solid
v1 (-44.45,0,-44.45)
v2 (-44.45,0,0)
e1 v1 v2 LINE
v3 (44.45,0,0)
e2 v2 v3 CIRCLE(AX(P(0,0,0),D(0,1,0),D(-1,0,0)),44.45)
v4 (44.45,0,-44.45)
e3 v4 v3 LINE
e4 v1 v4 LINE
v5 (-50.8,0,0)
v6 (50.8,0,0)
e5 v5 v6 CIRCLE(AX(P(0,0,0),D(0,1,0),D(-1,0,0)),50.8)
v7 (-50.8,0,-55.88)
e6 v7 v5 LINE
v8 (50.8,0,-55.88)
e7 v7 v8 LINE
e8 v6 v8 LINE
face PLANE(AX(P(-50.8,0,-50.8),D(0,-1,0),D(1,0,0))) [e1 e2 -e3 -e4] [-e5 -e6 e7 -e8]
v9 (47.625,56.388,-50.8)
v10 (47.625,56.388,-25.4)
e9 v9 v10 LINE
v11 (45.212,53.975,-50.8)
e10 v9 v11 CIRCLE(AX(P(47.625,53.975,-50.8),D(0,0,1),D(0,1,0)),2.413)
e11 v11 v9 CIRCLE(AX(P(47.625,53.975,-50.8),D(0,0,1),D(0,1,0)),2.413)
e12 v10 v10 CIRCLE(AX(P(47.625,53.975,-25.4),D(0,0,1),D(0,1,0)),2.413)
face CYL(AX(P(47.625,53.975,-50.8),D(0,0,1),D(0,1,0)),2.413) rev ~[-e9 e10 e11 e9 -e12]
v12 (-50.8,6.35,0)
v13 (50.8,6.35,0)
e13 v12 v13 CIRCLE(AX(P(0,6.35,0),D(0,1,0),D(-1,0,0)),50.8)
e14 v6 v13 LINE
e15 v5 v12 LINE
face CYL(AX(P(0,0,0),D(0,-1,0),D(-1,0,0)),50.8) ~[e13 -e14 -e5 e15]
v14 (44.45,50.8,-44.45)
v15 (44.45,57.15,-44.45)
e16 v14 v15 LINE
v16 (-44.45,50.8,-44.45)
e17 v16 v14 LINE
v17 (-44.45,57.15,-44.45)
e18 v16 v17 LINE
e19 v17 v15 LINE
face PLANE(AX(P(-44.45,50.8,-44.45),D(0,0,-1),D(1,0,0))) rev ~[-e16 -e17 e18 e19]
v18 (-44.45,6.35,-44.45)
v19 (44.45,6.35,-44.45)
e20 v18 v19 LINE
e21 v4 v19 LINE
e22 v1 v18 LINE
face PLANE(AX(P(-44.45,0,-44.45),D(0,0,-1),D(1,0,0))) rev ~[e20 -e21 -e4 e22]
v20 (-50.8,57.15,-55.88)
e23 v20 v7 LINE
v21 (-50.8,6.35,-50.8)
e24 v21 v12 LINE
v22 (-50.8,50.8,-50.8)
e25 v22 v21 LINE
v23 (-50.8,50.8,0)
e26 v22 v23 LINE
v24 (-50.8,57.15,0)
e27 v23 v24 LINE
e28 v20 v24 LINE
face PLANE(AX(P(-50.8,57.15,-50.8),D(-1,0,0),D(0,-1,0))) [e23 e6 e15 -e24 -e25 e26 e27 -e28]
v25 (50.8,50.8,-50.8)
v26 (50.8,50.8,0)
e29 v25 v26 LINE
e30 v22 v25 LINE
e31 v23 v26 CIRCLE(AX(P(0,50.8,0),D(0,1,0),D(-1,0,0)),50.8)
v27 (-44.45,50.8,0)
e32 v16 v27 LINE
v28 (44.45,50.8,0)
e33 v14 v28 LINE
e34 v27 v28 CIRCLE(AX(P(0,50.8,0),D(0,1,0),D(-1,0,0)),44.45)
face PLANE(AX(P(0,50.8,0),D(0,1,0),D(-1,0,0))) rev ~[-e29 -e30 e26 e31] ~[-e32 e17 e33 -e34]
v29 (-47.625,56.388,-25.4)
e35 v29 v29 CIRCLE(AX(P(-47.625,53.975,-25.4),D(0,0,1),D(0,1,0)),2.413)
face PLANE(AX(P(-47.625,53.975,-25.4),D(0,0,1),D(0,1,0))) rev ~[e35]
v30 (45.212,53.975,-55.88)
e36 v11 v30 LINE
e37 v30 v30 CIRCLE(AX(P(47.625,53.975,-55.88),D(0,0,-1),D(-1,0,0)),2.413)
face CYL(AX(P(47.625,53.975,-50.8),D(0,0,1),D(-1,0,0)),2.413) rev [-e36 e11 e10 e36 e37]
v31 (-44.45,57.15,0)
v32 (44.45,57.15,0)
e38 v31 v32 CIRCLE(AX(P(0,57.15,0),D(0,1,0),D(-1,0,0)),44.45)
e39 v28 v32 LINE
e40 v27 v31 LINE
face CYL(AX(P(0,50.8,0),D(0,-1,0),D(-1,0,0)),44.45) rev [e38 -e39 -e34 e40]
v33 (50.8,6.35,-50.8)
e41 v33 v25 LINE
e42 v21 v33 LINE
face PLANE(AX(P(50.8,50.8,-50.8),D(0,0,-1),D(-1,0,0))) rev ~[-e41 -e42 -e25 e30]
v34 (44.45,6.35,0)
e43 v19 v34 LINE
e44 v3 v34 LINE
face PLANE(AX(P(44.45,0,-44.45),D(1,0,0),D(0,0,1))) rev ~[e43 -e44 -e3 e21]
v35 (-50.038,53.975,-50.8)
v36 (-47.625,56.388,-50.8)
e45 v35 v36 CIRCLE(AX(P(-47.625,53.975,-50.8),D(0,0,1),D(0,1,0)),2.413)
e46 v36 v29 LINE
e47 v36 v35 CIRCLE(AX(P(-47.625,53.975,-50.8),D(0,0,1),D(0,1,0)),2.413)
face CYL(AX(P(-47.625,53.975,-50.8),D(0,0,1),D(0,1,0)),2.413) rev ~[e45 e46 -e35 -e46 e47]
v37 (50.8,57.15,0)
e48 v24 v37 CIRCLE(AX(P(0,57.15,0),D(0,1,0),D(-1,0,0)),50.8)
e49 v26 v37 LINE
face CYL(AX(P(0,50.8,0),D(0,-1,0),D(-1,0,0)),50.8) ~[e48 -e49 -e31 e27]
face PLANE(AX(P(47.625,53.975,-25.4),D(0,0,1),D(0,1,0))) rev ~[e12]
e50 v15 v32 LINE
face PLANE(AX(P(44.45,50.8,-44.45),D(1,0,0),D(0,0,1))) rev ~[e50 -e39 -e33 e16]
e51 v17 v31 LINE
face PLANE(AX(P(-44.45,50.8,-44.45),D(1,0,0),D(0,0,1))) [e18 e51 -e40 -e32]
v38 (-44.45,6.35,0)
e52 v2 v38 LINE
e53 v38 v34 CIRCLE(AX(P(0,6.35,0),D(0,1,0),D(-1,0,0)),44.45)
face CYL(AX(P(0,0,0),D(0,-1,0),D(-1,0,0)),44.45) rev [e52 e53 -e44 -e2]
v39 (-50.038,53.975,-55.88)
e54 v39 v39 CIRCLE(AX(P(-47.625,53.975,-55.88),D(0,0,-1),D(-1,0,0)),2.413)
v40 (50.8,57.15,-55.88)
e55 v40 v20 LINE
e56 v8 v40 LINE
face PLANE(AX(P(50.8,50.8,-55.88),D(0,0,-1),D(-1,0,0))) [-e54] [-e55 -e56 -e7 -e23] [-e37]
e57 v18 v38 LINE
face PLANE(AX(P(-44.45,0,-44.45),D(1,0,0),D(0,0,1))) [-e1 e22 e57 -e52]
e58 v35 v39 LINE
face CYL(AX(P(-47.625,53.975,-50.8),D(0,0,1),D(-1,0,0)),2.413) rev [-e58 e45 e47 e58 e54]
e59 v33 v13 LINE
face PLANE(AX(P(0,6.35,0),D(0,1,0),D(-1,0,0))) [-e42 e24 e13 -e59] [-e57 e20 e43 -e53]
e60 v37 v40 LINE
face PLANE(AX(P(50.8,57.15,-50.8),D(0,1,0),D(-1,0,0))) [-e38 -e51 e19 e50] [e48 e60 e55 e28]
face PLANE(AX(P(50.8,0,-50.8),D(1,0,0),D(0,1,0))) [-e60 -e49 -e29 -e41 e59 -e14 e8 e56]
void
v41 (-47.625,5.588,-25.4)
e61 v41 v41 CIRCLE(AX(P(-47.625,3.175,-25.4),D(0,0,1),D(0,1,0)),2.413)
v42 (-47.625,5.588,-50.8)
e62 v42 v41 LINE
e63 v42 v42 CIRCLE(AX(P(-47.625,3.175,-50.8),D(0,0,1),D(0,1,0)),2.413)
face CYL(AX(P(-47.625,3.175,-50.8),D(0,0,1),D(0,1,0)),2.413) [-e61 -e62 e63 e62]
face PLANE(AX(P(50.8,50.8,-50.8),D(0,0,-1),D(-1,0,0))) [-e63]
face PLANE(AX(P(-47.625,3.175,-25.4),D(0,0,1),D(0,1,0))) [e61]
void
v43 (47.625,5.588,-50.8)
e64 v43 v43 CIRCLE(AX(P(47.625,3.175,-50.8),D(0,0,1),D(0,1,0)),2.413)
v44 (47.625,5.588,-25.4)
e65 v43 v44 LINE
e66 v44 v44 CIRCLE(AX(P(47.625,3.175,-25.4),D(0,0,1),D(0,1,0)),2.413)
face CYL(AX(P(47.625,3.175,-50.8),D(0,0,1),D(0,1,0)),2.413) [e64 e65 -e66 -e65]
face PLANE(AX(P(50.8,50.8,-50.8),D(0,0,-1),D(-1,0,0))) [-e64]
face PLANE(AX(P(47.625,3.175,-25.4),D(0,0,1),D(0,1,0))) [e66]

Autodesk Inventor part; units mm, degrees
ref_plane "YZ Plane" through (0, 0, 0) normal (1, 0, 0) x (0, 1, 0)
ref_plane "XZ Plane" through (0, 0, 0) normal (0, 1, 0) x (-1, 0, 0)
ref_plane "XY Plane" through (0, 0, 0) normal (0, 0, 1) x (1, 0, 0)
sketch "Sketch1" plane through (0, 0, 0) normal (0, 1, 0) x (-1, 0, 0)
  line L0 (50.8, -50.8) -> (-50.8, -50.8)
  line L1 (50.8, -50.8) -> (50.8, 0)
  line L2 (-50.8, -50.8) -> (-50.8, 0)
  arc A0 (50.8, 0) -> (-50.8, 0) centre (0, 0) ccw
  line L3 (44.45, -44.45) -> (-44.45, -44.45)
  line L4 (-44.45, -44.45) -> (-44.45, 0)
  line L5 (44.45, -44.45) -> (44.45, 0)
  arc A1 (44.45, 0) -> (-44.45, 0) centre (0, 0) ccw
  dimension "d2" = 101.6
  dimension "d4" = 6.35
  dimension "d5" = 6.35
  dimension "d6" = 6.35
  dimension "d34" = 44.45
  dimension "d36" = 44.45
extrude "Extrusion1" add sketch "Sketch1" along normal blind 6.35
sketch "Sketch2" plane through (50.8, 0, -50.8) normal (0, 0, -1) x (-1, 0, 0)
  line L0 (101.6, 0) -> (101.6, 6.35) projected
  line L1 (0, 6.35) -> (101.6, 6.35) projected
  line L2 (0, 0) -> (0, 6.35) projected
  point P0 (50.8, 0)
  point P1 (3.175, 3.175)
  point P2 (98.425, 3.175)
  dimension "d9" = 3.175
  dimension "d10" = 3.175
  dimension "d11" = 3.175
hole "Hole1" at (47.625, 3.175, -50.8) at (-47.625, 3.175, -50.8) direction (0, 0, 1) diameter 4.826 depth 25.4
pattern_linear "Rectangular Pattern1" count 2 spacing 50.8 along (0, 1, 0) of "Extrusion1"
sketch "Sketch3" plane through (50.8, 50.8, -50.8) normal (0, 0, -1) x (-1, 0, 0)
  line L0 (101.6, 0) -> (101.6, 6.35) projected
  line L1 (0, 6.35) -> (101.6, 6.35) projected
  line L2 (0, 0) -> (0, 6.35) projected
  point P0 (50.8, -50.8)
  point P1 (3.175, 3.175)
  point P2 (98.425, 3.175)
  dimension "d22" = 3.175
  dimension "d23" = 3.175
  dimension "d24" = 3.175
hole "Hole2" at (47.625, 53.975, -50.8) at (-47.625, 53.975, -50.8) direction (0, 0, 1) diameter 4.826 depth 25.4
sketch "Sketch4" plane through (50.8, 50.8, -50.8) normal (0, 0, -1) x (-1, 0, 0)
  circle A0 centre (3.175, 3.175) radius 2.413 projected
  circle A1 centre (98.425, 3.175) radius 2.413 projected
  line L0 (101.6, 0) -> (0, 0) construction
  line L1 (0, 6.35) -> (101.6, 6.35) projected
  line L2 (0, 6.35) -> (101.6, 6.35)
  line L3 (0, 6.35) -> (101.6, 6.35)
  line L4 (101.6, 6.35) -> (101.6, -50.8)
  line L5 (101.6, -50.8) -> (0, -50.8)
  line L6 (0, -50.8) -> (0, 6.35)
  point P0 (50.8, -50.8)
extrude "Extrusion3" add sketch "Sketch4" along normal blind 5.08
equation "\"d5\" = d4"
equation "\"d6\" = d4"
equation "\"d10\" = d9"
equation "\"d23\" = d22"
properties part number "router_mount"
